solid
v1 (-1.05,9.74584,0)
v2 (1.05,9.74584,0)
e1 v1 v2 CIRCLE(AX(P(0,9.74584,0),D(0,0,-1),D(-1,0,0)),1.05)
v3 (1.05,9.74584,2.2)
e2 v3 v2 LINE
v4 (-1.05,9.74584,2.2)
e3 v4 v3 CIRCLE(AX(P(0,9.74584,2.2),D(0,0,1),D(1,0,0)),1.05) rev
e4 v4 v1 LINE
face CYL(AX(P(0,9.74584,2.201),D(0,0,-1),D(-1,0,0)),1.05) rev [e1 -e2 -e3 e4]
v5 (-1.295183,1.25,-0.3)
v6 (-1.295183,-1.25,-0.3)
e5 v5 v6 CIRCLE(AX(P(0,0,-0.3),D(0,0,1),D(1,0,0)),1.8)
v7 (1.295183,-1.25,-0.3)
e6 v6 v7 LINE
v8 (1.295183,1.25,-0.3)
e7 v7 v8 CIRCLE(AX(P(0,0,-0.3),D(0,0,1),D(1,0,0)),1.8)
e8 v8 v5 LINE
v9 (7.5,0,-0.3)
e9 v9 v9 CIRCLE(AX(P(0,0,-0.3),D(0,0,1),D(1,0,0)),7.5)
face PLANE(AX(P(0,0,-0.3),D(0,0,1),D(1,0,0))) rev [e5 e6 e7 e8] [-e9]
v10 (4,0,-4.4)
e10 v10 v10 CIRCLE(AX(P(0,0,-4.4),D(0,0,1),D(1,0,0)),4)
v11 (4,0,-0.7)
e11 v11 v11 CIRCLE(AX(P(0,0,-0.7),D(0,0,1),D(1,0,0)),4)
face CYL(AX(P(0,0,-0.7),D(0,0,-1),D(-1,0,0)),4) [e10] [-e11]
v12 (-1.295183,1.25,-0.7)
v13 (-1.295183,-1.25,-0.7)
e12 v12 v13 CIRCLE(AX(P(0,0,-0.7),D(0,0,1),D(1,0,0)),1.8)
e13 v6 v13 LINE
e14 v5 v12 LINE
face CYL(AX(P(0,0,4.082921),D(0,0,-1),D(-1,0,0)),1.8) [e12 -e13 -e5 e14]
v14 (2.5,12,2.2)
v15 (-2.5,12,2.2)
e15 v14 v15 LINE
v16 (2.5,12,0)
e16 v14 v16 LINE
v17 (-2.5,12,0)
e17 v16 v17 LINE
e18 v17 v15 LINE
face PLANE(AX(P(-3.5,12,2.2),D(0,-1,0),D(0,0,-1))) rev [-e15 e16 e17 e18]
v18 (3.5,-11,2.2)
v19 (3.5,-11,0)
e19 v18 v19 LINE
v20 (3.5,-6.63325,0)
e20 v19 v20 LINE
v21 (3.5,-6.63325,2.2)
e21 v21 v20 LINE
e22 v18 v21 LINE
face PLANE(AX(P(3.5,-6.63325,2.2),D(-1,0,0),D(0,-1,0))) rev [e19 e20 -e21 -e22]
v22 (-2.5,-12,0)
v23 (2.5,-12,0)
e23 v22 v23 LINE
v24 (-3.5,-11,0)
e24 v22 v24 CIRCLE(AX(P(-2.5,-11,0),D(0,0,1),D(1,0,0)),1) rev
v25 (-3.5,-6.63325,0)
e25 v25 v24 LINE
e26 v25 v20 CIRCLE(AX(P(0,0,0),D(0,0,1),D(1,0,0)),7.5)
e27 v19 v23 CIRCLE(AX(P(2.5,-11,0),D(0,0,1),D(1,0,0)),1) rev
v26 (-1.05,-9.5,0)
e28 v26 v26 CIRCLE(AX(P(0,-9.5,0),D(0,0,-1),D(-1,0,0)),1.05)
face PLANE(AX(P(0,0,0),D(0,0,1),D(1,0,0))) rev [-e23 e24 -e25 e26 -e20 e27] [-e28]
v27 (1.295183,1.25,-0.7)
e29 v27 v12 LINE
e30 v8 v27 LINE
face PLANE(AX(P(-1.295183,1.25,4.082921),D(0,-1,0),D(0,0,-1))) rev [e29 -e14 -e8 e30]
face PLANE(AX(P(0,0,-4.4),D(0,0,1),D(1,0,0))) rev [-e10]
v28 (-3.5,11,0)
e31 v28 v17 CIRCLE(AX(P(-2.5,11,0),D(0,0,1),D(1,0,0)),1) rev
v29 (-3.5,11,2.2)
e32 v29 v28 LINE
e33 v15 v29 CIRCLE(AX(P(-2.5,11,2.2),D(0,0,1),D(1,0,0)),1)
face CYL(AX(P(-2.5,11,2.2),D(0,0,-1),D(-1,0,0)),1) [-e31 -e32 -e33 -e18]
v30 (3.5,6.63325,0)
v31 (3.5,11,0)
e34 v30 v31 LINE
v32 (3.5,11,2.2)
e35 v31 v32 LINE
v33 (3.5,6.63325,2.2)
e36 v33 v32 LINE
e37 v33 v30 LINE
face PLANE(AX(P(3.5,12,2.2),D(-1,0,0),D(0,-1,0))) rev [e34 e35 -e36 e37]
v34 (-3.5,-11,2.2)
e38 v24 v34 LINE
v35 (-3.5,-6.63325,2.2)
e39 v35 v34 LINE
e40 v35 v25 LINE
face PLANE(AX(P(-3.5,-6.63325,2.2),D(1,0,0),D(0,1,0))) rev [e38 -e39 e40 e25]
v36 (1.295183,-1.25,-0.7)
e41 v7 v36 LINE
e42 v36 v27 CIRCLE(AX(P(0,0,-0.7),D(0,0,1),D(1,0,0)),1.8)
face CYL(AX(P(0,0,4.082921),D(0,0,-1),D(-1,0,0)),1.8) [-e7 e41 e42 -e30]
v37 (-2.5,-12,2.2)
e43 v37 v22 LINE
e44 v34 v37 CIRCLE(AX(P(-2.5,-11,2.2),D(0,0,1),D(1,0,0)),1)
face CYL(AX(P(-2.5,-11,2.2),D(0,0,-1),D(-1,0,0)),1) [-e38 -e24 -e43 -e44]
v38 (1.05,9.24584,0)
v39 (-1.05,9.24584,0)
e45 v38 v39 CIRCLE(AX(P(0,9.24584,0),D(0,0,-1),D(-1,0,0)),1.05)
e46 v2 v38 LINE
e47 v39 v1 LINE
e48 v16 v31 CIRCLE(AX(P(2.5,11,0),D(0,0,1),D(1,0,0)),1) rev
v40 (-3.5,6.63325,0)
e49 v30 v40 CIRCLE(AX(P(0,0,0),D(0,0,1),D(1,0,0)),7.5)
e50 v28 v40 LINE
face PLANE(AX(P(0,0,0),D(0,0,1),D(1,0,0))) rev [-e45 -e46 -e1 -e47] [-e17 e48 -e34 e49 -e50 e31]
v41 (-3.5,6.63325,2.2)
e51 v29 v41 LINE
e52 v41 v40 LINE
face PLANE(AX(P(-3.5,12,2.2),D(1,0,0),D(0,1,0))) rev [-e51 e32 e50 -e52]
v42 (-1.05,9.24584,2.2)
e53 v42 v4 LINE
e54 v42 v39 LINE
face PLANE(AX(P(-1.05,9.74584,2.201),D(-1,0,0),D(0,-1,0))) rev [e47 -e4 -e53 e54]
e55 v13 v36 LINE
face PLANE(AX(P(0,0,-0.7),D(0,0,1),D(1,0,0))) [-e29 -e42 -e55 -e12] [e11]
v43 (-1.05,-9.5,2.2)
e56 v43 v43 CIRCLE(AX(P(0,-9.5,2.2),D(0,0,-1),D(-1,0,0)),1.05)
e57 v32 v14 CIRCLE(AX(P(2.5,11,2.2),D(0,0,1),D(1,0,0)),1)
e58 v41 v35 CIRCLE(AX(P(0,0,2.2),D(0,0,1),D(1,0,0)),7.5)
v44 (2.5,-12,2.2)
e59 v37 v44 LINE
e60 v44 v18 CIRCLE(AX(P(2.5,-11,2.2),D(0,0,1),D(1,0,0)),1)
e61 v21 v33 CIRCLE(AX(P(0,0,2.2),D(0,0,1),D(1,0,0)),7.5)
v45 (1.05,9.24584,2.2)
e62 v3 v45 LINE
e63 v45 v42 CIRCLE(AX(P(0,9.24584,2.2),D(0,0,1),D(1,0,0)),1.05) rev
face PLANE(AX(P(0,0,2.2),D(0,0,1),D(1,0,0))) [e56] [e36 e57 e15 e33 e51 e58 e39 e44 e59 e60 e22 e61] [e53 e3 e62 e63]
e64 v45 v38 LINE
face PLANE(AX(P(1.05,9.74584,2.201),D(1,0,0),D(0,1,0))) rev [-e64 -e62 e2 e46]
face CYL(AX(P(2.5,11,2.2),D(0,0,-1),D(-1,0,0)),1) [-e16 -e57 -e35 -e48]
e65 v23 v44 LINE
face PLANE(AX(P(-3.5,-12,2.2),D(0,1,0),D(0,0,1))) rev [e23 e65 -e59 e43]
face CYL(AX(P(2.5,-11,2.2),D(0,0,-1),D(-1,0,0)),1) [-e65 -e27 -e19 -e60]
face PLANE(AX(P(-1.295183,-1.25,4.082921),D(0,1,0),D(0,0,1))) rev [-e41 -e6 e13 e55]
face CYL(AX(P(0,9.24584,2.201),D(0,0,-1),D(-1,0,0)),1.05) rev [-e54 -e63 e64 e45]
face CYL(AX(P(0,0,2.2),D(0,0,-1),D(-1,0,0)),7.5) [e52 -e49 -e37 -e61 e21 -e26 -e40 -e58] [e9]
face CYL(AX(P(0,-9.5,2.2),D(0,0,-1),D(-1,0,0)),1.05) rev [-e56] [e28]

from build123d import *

# Parameters (mm, degrees)
BOSS_EXTRUDE1_DEPTH = 2.2
SKETCH2_R           = 7.5
BOSS_EXTRUDE2_DEPTH = 2.5
SKETCH3_R           = 1.05
CUT_EXTRUDE1_DEPTH  = 15.320963655
CUT_EXTRUDE2_REACH  = 16.321
FILLET1_R           = 1
SKETCH5_R           = 4
BOSS_EXTRUDE3_DEPTH = 3.7
BOSS_EXTRUDE4_DEPTH = 4.1


with BuildPart() as part:
    # Sketch1 → Boss-Extrude1 (new body)
    with BuildSketch(Plane.XY):
        with BuildLine():
            Line((-3.5, 12), (3.5, 12))
            Line((3.5, 12), (3.5, 6.633249581))
            ThreePointArc((3.5, 6.633249581), (7.5, 0), (3.5, -6.633249581))
            Line((3.5, -6.633249581), (3.5, -12))
            Line((3.5, -12), (-3.5, -12))
            Line((-3.5, -12), (-3.5, -6.633249581))
            ThreePointArc((-3.5, -6.633249581), (-7.5, 0), (-3.5, 6.633249581))
            Line((-3.5, 6.633249581), (-3.5, 12))
        make_face()
    extrude(amount=BOSS_EXTRUDE1_DEPTH)

    # Sketch2 → Boss-Extrude2 (add)
    with BuildSketch(Plane.XY.offset(2.2)):
        with Locations(Location((0, 0, 0), (0, 0, 242.181860715))):
            Circle(SKETCH2_R)
    extrude(amount=-BOSS_EXTRUDE2_DEPTH)

    # Sketch3 → Cut-Extrude1 (cut, through all)
    with BuildSketch(Plane(origin=(0, 0, 0), x_dir=(-1, 0, 0), z_dir=(0, 0, -1))):
        with Locations((0, -9.5)):
            Circle(SKETCH3_R)
    extrude(amount=-CUT_EXTRUDE1_DEPTH, mode=Mode.SUBTRACT)

    # Sketch4 → Cut-Extrude2 (cut, up to next)
    with BuildSketch(Plane(origin=(0, 0, 0), x_dir=(-1, 0, 0), z_dir=(0, 0, -1)), mode=Mode.PRIVATE) as cut_extrude2_sk1:
        with BuildLine():
            Line((1.05, 9.745840475), (1.05, 9.245840475))
            ThreePointArc((1.05, 9.245840475), (0, 8.195840475), (-1.05, 9.245840475))
            Line((-1.05, 9.245840475), (-1.05, 9.745840475))
            ThreePointArc((-1.05, 9.745840475), (0, 10.795840475), (1.05, 9.745840475))
        make_face()
    cut_extrude2_tool1 = extrude(cut_extrude2_sk1.sketch, amount=-CUT_EXTRUDE2_REACH, mode=Mode.PRIVATE) & part.part
    add(cut_extrude2_tool1.solids().sort_by_distance((0, 9.49584, 0))[0], mode=Mode.SUBTRACT)

    # Fillet1
    fillet1_edges = [part.edges().sort_by_distance(p)[0] for p in [
        (-3.5, 12, 1.1),
        (3.5, 12, 1.1),
        (3.5, -12, 1.1),
        (-3.5, -12, 1.1),
    ]]
    fillet(fillet1_edges, radius=FILLET1_R)



with BuildPart() as body_2:
    # Sketch5 → Boss-Extrude3 (new body)
    with BuildSketch(Plane.XY.offset(-4.4)):
        Circle(SKETCH5_R)
    extrude(amount=BOSS_EXTRUDE3_DEPTH)


with BuildPart() as part_1:
    add(part.part)

    add(body_2.part)  # Boss-Extrude4 merges body 2
    # Sketch6 → Boss-Extrude4 (add)
    with BuildSketch(Plane.XY.offset(-4.4)):
        with BuildLine():
            Line((-1.295183385, 1.25), (1.295183385, 1.25))
            ThreePointArc((1.295183385, 1.25), (1.8, 0), (1.295183385, -1.25))
            Line((1.295183385, -1.25), (-1.295183385, -1.25))
            ThreePointArc((-1.295183385, -1.25), (-1.8, 0), (-1.295183385, 1.25))
        make_face()
    extrude(amount=BOSS_EXTRUDE4_DEPTH)


solid = part_1.part
